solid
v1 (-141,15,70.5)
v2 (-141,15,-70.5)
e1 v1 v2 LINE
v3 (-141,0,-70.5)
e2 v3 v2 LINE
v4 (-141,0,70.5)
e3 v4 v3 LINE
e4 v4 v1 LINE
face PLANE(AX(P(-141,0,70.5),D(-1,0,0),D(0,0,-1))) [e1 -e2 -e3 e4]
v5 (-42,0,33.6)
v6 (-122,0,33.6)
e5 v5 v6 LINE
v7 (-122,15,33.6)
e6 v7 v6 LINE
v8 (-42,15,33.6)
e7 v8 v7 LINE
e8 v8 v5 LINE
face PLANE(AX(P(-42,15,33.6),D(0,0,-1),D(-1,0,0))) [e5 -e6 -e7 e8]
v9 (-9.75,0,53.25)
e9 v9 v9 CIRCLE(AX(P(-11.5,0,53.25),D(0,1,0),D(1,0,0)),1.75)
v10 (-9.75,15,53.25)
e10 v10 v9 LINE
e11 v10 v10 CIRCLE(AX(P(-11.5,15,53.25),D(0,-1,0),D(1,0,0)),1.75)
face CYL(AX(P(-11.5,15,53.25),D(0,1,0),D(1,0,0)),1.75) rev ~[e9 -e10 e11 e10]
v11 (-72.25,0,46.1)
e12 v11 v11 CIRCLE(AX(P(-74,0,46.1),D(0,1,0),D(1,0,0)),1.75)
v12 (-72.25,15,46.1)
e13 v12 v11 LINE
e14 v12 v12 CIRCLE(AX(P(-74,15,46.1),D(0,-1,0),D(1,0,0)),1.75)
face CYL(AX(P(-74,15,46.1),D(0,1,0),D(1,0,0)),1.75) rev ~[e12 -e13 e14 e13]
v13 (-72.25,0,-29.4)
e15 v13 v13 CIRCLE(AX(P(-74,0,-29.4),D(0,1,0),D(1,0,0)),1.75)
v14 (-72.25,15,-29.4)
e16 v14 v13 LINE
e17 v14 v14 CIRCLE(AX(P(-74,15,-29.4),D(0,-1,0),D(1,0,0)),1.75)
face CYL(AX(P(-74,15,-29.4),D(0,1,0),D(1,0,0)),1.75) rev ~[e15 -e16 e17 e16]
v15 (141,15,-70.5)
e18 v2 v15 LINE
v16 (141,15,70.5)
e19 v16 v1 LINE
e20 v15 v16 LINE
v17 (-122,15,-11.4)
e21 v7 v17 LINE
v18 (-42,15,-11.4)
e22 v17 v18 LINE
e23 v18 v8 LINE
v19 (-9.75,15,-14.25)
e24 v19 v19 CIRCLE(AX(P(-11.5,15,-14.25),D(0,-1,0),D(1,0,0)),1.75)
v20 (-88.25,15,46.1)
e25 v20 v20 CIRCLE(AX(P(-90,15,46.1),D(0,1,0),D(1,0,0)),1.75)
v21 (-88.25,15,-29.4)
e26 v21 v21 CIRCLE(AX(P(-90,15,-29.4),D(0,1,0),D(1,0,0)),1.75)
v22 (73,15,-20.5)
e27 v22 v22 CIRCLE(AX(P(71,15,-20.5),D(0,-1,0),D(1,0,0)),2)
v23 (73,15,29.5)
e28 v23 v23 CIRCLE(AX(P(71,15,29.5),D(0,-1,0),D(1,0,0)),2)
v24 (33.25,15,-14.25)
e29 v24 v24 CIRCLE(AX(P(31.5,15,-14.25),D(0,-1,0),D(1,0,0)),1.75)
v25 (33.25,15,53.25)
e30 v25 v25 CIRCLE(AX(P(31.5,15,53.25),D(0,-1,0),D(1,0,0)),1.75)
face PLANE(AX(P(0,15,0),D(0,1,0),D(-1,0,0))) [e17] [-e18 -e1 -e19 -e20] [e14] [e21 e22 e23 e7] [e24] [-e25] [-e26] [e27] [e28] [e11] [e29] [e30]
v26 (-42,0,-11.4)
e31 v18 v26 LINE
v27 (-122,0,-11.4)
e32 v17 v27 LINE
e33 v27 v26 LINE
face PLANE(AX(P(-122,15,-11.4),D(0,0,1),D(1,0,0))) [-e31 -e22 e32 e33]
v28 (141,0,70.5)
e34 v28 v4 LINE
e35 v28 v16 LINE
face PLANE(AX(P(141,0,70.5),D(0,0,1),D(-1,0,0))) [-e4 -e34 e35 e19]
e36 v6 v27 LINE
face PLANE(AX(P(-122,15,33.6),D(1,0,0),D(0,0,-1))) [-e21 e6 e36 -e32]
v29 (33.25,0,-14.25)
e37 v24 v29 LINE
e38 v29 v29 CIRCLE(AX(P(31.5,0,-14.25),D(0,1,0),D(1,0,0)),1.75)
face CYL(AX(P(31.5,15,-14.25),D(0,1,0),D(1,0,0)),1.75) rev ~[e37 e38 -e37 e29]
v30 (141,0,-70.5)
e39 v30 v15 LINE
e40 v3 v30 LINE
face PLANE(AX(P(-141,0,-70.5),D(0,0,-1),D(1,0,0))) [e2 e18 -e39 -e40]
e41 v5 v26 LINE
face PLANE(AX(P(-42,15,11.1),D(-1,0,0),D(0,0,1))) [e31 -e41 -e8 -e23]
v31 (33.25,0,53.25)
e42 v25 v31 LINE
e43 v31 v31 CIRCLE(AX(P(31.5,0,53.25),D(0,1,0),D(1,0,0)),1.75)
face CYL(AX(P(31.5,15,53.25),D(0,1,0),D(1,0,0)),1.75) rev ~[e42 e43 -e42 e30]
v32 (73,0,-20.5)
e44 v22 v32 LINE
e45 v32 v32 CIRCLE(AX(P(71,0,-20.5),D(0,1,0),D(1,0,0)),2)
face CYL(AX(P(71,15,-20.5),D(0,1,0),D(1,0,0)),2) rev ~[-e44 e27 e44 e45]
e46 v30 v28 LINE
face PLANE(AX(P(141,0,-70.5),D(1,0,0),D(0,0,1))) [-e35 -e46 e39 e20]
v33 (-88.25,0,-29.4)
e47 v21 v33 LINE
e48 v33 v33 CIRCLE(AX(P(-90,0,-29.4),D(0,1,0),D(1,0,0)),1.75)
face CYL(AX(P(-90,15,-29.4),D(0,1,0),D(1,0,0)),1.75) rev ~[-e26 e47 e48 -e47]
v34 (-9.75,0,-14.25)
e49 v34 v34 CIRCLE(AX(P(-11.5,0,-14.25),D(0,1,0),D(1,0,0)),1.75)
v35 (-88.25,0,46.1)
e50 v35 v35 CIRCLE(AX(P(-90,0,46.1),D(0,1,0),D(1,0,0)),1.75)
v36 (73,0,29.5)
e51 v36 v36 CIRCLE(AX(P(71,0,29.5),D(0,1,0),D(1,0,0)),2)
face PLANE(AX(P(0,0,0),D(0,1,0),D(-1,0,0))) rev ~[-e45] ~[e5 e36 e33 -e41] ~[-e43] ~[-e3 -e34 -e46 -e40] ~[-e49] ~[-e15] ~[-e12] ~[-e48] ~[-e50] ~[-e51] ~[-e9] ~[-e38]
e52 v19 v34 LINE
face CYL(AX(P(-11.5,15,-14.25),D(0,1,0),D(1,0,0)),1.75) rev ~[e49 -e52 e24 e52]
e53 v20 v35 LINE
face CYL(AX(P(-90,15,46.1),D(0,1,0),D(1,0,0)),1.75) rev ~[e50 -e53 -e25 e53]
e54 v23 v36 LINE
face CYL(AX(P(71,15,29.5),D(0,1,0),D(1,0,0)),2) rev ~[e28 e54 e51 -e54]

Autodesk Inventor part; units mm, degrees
ref_plane "YZ Plane" through (0, 0, 0) normal (1, 0, 0) x (0, 1, 0)
ref_plane "XZ Plane" through (0, 0, 0) normal (0, 1, 0) x (-1, 0, 0)
ref_plane "XY Plane" through (0, 0, 0) normal (0, 0, 1) x (1, 0, 0)
sketch "Sketch1" plane through (0, 0, 0) normal (0, 1, 0) x (-1, 0, 0)
  line L0 (141, -70.5) -> (-141, -70.5)
  line L1 (-141, -70.5) -> (-141, 70.5)
  line L2 (-141, 70.5) -> (141, 70.5)
  line L3 (141, 70.5) -> (141, -70.5)
  line L4 (141, -70.5) -> (-141, 70.5) construction
  line L5 (-141, -70.5) -> (141, 70.5) construction
  point P0 (0, 0)
  dimension "d0" = 282
  dimension "d1" = 141
extrude "RectangleFace" add sketch "Sketch1" along normal blind 15
sketch "Sketch2" plane through (0, 15, 0) normal (0, 1, 0) x (1, 0, 0)
  line L0 (141, 70.5) -> (-141, 70.5) projected
  line L1 (0, 70.5) -> (0, -11.1)
  line L2 (0, -11.1) -> (-82, -11.1)
  line L3 (-122, 11.4) -> (-42, 11.4)
  line L4 (-42, 11.4) -> (-42, -33.6)
  line L5 (-42, -33.6) -> (-122, -33.6)
  line L6 (-122, -33.6) -> (-122, 11.4)
  line L7 (-122, 11.4) -> (-42, -33.6) construction
  line L8 (-42, 11.4) -> (-122, -33.6) construction
  point P0 (0, 0)
  dimension "d4" = 81.6
  dimension "d5" = 82
  dimension "d6" = 80
  dimension "d7" = 45
extrude "RectangularCut" cut sketch "Sketch2" against normal blind 15
sketch "Sketch3" plane through (0, 15, 0) normal (0, 1, 0) x (1, 0, 0)
  line L0 (-42, 11.4) -> (-122, 11.4) projected
  line L1 (-82, 11.4) -> (-82, 29.4)
  line L2 (-122, -33.6) -> (-42, -33.6) projected
  line L3 (-82, -33.6) -> (-82, -46.1)
  line L4 (-82, 29.4) -> (-74, 29.4)
  line L5 (-82, 29.4) -> (-90, 29.4)
  line L6 (-82, -46.1) -> (-74, -46.1)
  line L7 (-82, -46.1) -> (-90, -46.1)
  circle A0 centre (-74, -46.1) radius 1.75
  circle A1 centre (-90, -46.1) radius 1.75
  circle A2 centre (-74, 29.4) radius 1.75
  circle A3 centre (-90, 29.4) radius 1.75
  point P0 (0, 0)
  dimension "d10" = 18
  dimension "d11" = 12.5
  dimension "d12" = 8
  dimension "d13" = 8
  dimension "d14" = 8
  dimension "d15" = 8
  dimension "d16" = 3.5
  dimension "d17" = 3.5
  dimension "d18" = 3.5
  dimension "d19" = 3.5
extrude "AxleSupportHoles" cut sketch "Sketch3" against normal blind 15
sketch "Sketch4" plane through (0, 15, 0) normal (0, 1, 0) x (1, 0, 0)
  line L0 (141, 70.5) -> (-141, 70.5) projected
  line L1 (0, 70.5) -> (0, -19.5)
  line L2 (0, -19.5) -> (10, -19.5)
  line L3 (-15.5, 18.25) -> (35.5, 18.25)
  line L4 (35.5, 18.25) -> (35.5, -57.25)
  line L5 (35.5, -57.25) -> (-15.5, -57.25)
  line L6 (-15.5, -57.25) -> (-15.5, 18.25)
  line L7 (-15.5, 18.25) -> (35.5, -57.25) construction
  line L8 (35.5, 18.25) -> (-15.5, -57.25) construction
  line L9 (-15.5, 18.25) -> (-11.5, 18.25)
  line L10 (-11.5, 18.25) -> (-11.5, 14.25)
  line L11 (35.5, 18.25) -> (31.5, 18.25)
  line L12 (31.5, 18.25) -> (31.5, 14.25)
  line L13 (-15.5, -57.25) -> (-11.5, -57.25)
  line L14 (-11.5, -57.25) -> (-11.5, -53.25)
  line L15 (35.5, -57.25) -> (31.5, -57.25)
  line L16 (31.5, -57.25) -> (31.5, -53.25)
  circle A0 centre (-11.5, -53.25) radius 1.75
  circle A1 centre (31.5, -53.25) radius 1.75
  circle A2 centre (31.5, 14.25) radius 1.75
  circle A3 centre (-11.5, 14.25) radius 1.75
  point P0 (0, 0)
  dimension "d22" = 90
  dimension "d23" = 10
  dimension "d24" = 51
  dimension "d25" = 75.5
  dimension "d26" = 4
  dimension "d27" = 4
  dimension "d28" = 4
  dimension "d29" = 4
  dimension "d30" = 4
  dimension "d31" = 4
  dimension "d32" = 4
  dimension "d33" = 4
  dimension "d34" = 3.5
  dimension "d35" = 3.5
  dimension "d36" = 3.5
  dimension "d37" = 3.5
extrude "DriverHoles" cut sketch "Sketch4" against normal blind 15 contours A0 | A1 | A2 | A3
sketch "Sketch5" plane through (0, 15, 0) normal (0, 1, 0) x (1, 0, 0)
  line L0 (141, 70.5) -> (-141, 70.5) projected
  line L1 (141, 70.5) -> (71, 70.5)
  line L2 (71, 70.5) -> (71, 20.5)
  line L3 (71, 20.5) -> (71, -29.5)
  circle A0 centre (71, 20.5) radius 2
  circle A1 centre (71, -29.5) radius 2
  point P0 (0, 0)
  dimension "d40" = 70
  dimension "d41" = 50
  dimension "d42" = 50
  dimension "d43" = 4
  dimension "d44" = 4
extrude "Extrusion5" cut sketch "Sketch5" against normal blind 15
properties part number "RectangleFifteen1"
